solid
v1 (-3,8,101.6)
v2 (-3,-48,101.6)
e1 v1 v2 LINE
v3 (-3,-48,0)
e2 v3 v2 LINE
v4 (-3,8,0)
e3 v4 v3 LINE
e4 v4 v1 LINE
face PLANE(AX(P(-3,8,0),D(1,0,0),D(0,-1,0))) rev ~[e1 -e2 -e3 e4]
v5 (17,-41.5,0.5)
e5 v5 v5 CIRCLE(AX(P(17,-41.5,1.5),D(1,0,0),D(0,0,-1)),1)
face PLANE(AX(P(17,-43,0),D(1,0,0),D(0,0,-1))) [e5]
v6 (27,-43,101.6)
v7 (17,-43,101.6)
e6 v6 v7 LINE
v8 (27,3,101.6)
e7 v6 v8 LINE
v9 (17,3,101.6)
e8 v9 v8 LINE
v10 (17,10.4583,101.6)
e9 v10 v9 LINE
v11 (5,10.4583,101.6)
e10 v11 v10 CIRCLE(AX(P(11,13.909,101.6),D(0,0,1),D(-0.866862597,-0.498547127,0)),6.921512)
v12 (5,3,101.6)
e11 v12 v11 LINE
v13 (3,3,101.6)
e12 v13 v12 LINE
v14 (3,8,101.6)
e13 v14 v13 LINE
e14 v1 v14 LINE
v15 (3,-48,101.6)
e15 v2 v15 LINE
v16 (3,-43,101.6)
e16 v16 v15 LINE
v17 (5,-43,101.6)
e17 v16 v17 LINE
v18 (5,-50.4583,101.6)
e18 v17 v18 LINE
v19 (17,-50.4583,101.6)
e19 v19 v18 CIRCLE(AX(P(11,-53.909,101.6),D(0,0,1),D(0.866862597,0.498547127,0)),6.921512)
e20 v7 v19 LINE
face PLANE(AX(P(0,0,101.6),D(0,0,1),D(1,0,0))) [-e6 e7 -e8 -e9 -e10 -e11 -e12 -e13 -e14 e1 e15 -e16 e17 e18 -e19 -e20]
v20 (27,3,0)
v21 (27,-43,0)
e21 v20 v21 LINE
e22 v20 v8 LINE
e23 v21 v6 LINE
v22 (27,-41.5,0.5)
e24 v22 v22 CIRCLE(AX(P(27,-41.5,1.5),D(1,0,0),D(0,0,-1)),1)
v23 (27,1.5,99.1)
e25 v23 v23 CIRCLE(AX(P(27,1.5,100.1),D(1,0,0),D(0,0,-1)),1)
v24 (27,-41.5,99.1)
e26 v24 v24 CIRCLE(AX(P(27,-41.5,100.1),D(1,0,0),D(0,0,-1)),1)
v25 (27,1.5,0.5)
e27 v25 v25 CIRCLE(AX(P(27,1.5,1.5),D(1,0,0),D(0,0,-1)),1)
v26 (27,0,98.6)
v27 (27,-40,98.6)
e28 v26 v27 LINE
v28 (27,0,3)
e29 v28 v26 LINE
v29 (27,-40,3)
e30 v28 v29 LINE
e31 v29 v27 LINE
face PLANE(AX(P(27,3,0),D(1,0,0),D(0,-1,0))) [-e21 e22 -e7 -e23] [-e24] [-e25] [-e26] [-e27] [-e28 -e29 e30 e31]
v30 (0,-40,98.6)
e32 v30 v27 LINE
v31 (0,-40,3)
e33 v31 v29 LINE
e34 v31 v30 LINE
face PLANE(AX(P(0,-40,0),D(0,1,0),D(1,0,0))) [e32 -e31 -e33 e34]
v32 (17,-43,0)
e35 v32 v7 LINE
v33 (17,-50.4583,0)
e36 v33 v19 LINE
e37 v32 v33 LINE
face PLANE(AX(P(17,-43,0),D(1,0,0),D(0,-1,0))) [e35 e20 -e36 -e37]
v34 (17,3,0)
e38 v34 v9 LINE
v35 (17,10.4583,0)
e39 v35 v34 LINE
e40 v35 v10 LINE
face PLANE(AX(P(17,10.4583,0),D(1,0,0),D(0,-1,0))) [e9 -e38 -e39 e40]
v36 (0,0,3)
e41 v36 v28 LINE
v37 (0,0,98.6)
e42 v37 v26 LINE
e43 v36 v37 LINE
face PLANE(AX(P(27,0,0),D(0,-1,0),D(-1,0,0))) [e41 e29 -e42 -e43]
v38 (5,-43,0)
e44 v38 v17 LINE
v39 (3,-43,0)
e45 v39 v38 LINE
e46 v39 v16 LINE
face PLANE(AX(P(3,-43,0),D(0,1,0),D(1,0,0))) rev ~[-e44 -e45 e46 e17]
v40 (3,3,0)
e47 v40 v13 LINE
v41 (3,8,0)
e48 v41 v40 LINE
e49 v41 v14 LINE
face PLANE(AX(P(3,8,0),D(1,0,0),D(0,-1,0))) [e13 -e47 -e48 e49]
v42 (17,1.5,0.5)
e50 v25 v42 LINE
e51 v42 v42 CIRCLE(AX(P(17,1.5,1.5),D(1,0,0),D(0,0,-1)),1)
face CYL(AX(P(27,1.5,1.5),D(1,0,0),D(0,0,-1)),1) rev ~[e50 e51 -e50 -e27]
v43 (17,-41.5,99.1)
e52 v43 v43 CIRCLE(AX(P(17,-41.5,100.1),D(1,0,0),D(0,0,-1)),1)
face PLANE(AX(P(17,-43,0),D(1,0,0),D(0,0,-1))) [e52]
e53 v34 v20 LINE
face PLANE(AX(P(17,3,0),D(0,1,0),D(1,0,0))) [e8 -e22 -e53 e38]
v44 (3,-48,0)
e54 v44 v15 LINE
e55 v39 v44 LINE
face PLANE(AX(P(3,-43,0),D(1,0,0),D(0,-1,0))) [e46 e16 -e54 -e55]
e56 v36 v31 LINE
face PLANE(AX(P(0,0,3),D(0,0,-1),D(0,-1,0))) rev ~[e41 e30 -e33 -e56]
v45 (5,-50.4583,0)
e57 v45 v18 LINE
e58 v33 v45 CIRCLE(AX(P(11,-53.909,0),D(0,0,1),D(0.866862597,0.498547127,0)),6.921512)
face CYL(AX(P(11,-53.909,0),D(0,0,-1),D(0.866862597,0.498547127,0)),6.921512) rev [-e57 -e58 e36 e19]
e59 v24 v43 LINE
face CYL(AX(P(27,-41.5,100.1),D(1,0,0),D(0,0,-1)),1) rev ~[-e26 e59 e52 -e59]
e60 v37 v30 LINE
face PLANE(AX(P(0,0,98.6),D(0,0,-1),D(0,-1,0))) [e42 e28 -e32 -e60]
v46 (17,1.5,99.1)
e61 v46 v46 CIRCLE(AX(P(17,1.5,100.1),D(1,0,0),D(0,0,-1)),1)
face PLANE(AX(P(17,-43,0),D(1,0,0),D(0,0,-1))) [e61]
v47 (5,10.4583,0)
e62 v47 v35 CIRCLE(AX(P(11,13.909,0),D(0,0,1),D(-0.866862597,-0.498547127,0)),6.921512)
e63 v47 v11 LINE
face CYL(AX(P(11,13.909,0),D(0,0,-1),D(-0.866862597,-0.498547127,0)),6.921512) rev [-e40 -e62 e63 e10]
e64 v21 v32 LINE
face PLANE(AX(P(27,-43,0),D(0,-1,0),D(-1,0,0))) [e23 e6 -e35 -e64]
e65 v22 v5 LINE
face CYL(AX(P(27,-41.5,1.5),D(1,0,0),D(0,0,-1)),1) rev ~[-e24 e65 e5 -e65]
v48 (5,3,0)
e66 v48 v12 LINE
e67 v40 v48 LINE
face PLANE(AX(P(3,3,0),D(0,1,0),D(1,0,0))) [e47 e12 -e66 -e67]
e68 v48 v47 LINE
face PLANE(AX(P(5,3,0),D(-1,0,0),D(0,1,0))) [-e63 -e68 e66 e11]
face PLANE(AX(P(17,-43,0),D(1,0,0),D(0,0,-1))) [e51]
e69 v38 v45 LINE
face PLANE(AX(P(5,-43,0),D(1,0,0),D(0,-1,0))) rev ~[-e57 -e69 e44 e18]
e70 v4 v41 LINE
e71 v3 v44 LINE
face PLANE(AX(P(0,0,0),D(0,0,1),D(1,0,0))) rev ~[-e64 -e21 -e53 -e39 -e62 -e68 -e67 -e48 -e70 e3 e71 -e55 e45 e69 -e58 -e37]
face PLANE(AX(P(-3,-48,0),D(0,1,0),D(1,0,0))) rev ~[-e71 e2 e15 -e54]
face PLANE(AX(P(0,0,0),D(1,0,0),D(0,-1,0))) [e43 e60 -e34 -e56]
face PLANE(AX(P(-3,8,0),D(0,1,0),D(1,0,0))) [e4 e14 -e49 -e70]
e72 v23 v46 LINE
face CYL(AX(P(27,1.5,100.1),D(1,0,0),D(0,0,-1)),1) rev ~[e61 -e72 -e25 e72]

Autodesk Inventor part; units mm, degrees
ref_plane "YZ Plane" through (0, 0, 0) normal (1, 0, 0) x (0, 1, 0)
ref_plane "XZ Plane" through (0, 0, 0) normal (0, 1, 0) x (-1, 0, 0)
ref_plane "XY Plane" through (0, 0, 0) normal (0, 0, 1) x (1, 0, 0)
sketch "Sketch2" plane through (0, 0, 0) normal (0, 0, 1) x (1, 0, 0)
  line L0 (-3, 8) -> (-3, -48)
  line L1 (-3, 8) -> (3, 8)
  line L2 (3, 8) -> (3, 3)
  line L3 (3, 3) -> (5, 3)
  line L4 (5, 3) -> (5, 10.4583)
  arc A0 (5, 10.4583) -> (17, 10.4583) centre (11, 13.909) ccw
  line L5 (17, 10.4583) -> (17, 3)
  line L6 (17, 3) -> (27, 3)
  line L7 (-3, -48) -> (3, -48)
  line L8 (3, -43) -> (3, -48)
  line L9 (27, -43) -> (17, -43)
  arc A1 (17, -50.4583) -> (5, -50.4583) centre (11, -53.909) ccw
  line L10 (3, -43) -> (5, -43)
  line L11 (5, -43) -> (5, -50.4583)
  line L12 (17, -43) -> (17, -50.4583)
  line L13 (27, 3) -> (27, 0)
  line L14 (27, 0) -> (0, 0)
  line L15 (0, 0) -> (0, -40)
  line L16 (0, -40) -> (27, -40)
  line L17 (27, -40) -> (27, -43)
  dimension "d13" = 12
  dimension "d14" = 2
  dimension "d20" = 5
  dimension "d22" = 13.843
  dimension "d29" = 3
  dimension "d30" = 3
  dimension "d31" = 3
  dimension "d33" = 40
  dimension "d34" = 27
  dimension "d36" = 16
  dimension "d38" = 67.818
  dimension "d53" = 6.9215
  dimension "d54" = 10
extrude "Extrusion1" add sketch "Sketch2" along normal blind 101.6
sketch "Sketch3" plane through (0, -40, 0) normal (1, 0, 0) x (0, 0, -1)
  line L0 (0, 0) -> (0, 40) projected
  line L1 (0, 40) -> (-101.6, 40) projected
  line L2 (-101.6, 0) -> (-101.6, 40) projected
  line L3 (0, 0) -> (-101.6, 0) projected
  line L4 (-101.6, 40) -> (-98.6, 40)
  line L5 (-98.6, 40) -> (-98.6, 0)
  line L6 (-98.6, 0) -> (-101.6, 0)
  line L7 (-101.6, 0) -> (-101.6, 40)
  line L8 (0, 40) -> (-3, 40)
  line L9 (-3, 40) -> (-3, 0)
  line L10 (-3, 0) -> (0, 0)
  line L11 (0, 0) -> (0, 40)
  dimension "d39" = 3
  dimension "d40" = 3
extrude "Extrusion2" add sketch "Sketch3" along normal blind 27 contours L3 L9 L1 L0 | L3 L2 L1 L5
sketch "Sketch4" plane through (27, -43, 0) normal (1, 0, 0) x (0, 0, -1)
  circle A0 centre (-100.1, 44.5) radius 1
  line L0 (-3, 3) -> (-98.6, 3) projected
  line L1 (-98.6, 3) -> (-98.6, 43) projected
  line L2 (-3, 43) -> (-98.6, 43) projected
  line L3 (-3, 43) -> (-3, 3) projected
  line L4 (0, 0) -> (0, 46) projected
  line L5 (0, 46) -> (-101.6, 46) projected
  line L6 (-101.6, 0) -> (-101.6, 46) projected
  line L7 (0, 0) -> (-101.6, 0) projected
  circle A1 centre (-1.5, 44.5) radius 1
  circle A2 centre (-1.5, 1.5) radius 1
  circle A3 centre (-100.1, 1.5) radius 1
  point P0 (0, 43)
  dimension "d43" = 2
  dimension "d44" = 1.5
  dimension "d45" = 1.5
  dimension "d47" = 1.5
  dimension "d48" = 1.5
extrude "Extrusion3" cut sketch "Sketch4" against normal blind 10 contours A0 | A1 | A2 | A3
equation "\"TUBE_OUTER\" = 13.843"
equation "\"INTER_TUBE\" = 53.975"
equation "\"CUPPING\" = 5.08"
equation "\"d19\" = TUBE_OUTER"
equation "\"W_THICK\" = 3"
equation "\"SCREW_D\" = 2"
properties part number "Casing"
